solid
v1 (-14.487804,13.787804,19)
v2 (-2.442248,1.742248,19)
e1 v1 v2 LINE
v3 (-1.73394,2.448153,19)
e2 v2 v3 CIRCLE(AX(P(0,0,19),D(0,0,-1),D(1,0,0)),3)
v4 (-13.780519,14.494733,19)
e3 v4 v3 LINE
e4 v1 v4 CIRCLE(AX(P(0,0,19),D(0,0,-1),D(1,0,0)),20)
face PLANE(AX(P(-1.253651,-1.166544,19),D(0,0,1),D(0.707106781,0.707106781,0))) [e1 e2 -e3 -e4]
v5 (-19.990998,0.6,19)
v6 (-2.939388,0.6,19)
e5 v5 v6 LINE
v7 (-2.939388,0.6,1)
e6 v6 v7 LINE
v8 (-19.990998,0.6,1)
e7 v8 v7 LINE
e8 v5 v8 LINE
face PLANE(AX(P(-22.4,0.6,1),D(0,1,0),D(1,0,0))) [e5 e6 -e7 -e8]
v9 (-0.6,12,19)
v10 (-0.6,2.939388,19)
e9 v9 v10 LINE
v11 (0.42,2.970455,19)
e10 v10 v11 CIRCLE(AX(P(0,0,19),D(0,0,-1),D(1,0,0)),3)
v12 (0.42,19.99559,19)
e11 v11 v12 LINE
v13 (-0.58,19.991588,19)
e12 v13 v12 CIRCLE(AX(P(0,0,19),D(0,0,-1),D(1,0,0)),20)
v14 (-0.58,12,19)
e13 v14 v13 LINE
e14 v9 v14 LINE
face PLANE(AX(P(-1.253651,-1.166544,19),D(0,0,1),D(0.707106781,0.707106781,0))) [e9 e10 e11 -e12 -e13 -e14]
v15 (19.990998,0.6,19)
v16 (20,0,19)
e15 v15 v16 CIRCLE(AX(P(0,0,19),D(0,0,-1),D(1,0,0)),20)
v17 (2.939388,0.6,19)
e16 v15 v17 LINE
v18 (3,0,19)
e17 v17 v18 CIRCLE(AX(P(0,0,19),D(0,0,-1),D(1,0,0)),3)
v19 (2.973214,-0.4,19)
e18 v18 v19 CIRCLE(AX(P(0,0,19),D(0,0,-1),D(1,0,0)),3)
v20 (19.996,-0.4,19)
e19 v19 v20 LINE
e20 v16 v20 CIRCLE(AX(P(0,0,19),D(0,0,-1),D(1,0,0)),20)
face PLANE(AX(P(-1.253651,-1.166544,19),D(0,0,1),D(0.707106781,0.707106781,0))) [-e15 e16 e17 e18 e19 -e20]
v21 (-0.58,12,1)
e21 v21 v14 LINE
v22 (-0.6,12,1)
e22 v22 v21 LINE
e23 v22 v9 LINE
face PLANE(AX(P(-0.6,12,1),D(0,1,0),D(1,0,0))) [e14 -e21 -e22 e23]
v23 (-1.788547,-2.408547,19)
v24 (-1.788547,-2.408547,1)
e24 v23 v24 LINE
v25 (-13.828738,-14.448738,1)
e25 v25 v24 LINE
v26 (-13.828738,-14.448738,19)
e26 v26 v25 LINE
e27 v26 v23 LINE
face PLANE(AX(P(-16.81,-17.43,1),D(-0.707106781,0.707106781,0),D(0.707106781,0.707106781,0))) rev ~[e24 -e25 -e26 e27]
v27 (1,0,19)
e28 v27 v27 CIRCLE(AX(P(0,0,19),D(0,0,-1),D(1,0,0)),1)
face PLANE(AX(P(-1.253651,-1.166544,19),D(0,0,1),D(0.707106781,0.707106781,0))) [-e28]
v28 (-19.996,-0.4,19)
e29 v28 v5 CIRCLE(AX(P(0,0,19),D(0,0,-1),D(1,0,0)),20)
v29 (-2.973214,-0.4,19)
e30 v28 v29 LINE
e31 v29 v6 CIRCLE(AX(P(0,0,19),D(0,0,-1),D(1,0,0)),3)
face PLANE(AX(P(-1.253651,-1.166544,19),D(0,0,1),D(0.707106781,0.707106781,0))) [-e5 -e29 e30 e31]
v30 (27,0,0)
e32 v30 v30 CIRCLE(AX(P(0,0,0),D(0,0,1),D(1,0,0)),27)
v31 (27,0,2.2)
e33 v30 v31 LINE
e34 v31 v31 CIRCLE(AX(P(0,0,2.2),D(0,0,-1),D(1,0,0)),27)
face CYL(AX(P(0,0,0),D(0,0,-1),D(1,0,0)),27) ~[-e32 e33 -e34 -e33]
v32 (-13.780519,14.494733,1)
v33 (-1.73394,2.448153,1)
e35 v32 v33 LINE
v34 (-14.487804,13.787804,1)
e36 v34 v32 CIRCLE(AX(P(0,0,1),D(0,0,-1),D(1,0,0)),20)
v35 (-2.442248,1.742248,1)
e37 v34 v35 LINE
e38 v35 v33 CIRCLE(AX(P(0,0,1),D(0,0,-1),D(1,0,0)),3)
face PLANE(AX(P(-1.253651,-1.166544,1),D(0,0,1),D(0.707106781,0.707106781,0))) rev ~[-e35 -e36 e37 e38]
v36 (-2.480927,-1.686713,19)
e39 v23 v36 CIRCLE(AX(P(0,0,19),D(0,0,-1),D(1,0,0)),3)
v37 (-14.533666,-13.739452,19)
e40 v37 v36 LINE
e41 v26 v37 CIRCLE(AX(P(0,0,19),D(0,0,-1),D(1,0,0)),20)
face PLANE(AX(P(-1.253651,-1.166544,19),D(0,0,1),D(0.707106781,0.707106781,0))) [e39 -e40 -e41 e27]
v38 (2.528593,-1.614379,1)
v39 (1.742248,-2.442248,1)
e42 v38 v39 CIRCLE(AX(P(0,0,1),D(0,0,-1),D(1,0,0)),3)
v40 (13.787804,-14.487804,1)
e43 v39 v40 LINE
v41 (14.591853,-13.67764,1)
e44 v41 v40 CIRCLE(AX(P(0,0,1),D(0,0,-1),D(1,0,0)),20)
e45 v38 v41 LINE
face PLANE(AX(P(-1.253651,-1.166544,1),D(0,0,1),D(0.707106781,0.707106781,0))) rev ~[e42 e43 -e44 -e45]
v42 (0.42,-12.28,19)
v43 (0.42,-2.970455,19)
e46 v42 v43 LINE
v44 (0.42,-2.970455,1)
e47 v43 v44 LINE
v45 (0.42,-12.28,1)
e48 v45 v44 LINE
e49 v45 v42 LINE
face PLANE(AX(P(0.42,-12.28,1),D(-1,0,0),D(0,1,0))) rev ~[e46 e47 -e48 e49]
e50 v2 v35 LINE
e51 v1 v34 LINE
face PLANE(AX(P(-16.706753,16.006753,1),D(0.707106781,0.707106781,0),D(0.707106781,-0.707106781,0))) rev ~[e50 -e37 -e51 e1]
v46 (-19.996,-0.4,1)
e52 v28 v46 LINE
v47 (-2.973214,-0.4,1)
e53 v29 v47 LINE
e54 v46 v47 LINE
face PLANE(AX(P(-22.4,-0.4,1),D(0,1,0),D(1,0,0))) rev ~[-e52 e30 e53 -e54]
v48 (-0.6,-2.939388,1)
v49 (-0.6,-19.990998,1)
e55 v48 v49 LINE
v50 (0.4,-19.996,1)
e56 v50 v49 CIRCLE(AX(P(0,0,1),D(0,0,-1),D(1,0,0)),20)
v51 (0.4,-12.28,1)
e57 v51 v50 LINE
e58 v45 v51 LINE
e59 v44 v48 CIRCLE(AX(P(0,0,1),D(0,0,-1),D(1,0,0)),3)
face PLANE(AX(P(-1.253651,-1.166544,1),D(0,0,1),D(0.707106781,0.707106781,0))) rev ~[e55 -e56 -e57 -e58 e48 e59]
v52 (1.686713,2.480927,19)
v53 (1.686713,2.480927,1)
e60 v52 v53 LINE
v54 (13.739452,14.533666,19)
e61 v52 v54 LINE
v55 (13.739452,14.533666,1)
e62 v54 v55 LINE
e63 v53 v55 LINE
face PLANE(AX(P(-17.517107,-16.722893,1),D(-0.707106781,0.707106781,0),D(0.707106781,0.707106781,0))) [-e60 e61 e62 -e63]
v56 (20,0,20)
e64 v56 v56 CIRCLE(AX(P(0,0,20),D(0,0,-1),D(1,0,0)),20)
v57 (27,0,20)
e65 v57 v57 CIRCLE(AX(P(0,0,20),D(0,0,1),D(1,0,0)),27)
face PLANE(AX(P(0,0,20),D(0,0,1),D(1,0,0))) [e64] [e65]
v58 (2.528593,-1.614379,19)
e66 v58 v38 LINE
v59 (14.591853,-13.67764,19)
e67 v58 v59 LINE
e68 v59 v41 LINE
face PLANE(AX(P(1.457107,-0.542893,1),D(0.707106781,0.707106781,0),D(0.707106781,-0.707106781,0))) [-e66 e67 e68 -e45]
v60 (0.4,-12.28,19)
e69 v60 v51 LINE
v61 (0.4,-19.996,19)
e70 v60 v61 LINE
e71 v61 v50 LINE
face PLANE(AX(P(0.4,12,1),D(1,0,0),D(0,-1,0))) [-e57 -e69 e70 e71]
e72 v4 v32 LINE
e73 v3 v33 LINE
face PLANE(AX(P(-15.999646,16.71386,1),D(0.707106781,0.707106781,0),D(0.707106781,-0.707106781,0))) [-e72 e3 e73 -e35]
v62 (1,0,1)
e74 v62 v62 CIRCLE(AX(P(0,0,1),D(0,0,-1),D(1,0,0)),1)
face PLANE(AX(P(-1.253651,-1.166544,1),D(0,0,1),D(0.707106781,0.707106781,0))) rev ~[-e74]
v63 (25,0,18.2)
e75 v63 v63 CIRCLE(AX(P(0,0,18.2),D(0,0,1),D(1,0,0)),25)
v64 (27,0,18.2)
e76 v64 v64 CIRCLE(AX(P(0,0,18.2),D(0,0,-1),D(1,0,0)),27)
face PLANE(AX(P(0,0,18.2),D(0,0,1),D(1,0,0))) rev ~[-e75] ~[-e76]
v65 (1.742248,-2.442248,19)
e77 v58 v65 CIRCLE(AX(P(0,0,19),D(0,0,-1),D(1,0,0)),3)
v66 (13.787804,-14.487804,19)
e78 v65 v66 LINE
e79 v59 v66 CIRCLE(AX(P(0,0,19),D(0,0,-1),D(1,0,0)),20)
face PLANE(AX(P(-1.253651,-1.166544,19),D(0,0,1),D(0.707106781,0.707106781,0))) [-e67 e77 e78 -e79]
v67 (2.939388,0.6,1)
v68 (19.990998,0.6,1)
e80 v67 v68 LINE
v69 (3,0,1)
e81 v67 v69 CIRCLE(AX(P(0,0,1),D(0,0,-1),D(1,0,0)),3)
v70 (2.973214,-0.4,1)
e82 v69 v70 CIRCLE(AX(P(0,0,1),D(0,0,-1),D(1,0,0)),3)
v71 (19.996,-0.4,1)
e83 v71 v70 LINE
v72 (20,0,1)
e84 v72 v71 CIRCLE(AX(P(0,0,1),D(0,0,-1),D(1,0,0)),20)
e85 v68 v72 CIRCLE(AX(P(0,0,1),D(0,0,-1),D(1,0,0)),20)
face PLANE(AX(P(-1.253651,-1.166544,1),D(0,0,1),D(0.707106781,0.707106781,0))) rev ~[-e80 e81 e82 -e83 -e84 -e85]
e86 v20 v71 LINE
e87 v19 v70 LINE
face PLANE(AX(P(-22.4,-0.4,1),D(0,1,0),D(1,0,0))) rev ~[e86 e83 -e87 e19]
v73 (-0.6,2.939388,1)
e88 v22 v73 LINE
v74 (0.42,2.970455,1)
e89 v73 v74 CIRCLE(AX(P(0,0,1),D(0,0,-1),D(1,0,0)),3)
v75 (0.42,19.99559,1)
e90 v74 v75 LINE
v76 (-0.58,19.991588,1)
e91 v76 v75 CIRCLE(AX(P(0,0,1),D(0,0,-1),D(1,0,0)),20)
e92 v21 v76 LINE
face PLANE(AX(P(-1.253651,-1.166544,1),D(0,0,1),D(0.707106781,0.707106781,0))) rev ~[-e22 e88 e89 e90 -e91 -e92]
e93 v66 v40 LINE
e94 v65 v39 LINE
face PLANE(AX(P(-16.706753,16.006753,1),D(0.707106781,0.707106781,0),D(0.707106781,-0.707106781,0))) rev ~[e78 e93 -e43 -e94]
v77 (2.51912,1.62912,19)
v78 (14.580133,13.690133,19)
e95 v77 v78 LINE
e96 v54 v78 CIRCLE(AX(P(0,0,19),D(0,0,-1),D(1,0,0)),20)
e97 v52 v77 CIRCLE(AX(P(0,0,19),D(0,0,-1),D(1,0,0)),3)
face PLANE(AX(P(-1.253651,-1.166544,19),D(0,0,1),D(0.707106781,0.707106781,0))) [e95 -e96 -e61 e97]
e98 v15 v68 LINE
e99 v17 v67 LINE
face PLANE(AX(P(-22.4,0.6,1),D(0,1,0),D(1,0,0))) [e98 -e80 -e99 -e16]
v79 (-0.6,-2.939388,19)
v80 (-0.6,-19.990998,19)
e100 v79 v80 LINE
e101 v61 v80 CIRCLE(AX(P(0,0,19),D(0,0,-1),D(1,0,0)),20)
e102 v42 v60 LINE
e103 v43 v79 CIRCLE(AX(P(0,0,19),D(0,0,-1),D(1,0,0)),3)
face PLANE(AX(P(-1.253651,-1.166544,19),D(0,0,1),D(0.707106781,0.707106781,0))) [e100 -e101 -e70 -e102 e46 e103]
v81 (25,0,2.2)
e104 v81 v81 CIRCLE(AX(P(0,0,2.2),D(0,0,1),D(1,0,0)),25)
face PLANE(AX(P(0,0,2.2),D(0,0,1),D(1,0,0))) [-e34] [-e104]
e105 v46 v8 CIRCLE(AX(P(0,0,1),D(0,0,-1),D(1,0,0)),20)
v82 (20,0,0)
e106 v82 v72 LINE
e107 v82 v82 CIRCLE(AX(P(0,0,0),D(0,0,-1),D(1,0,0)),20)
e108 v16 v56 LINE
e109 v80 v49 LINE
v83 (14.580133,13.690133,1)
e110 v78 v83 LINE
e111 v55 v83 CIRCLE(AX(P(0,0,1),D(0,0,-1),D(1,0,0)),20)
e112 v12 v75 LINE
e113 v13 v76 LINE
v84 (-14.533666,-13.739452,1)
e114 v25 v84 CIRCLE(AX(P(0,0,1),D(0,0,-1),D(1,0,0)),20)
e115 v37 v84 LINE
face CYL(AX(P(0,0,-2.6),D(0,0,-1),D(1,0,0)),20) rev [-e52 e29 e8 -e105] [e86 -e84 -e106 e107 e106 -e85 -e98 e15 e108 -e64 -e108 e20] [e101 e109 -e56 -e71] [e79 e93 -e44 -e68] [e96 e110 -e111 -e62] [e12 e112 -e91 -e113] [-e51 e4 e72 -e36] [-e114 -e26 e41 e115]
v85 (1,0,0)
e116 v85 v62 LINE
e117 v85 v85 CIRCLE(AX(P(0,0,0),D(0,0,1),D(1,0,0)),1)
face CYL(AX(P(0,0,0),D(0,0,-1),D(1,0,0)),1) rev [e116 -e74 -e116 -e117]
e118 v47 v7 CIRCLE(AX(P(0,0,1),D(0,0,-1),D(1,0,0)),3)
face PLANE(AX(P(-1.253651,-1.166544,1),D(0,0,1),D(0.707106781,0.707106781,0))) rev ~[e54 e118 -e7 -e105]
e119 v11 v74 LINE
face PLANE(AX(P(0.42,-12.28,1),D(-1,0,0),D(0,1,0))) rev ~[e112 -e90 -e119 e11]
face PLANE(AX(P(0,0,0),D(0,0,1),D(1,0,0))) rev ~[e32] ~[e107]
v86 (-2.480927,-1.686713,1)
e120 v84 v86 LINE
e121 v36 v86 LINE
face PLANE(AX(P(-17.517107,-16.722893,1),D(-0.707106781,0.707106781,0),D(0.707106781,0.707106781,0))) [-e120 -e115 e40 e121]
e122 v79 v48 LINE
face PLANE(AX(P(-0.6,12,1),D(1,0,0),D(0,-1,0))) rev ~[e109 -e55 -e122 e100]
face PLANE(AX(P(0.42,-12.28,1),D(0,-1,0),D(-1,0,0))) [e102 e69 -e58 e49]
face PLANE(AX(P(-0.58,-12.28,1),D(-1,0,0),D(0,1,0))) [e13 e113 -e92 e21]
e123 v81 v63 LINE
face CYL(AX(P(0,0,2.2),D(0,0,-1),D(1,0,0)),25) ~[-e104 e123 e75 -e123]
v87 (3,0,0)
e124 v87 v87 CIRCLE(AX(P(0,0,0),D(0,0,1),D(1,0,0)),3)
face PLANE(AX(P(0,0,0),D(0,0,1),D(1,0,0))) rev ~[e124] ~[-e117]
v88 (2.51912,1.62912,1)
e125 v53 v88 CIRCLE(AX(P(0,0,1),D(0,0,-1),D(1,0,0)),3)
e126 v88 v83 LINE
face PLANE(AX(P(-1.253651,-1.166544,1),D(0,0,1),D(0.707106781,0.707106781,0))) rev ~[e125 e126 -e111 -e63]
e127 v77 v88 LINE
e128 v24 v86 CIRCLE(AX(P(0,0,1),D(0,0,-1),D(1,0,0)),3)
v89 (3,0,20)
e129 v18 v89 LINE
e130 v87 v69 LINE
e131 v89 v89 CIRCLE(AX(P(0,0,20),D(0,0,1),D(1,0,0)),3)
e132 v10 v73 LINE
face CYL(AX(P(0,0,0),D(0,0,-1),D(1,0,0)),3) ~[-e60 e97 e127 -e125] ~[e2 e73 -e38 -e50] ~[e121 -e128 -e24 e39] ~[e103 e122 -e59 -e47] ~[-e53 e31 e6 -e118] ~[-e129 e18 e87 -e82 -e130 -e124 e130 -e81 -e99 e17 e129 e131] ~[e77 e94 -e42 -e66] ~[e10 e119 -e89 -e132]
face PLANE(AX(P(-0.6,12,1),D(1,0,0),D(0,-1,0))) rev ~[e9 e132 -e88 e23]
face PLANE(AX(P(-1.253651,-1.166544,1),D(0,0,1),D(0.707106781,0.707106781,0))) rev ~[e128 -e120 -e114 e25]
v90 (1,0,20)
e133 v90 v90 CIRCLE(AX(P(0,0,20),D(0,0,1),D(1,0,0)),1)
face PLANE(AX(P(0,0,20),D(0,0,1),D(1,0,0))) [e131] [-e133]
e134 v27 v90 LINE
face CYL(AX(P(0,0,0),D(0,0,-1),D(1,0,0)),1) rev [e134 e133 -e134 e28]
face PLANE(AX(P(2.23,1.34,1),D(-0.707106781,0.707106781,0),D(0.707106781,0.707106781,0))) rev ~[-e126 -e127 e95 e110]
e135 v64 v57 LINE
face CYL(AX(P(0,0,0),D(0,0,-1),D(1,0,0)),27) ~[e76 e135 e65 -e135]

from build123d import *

# Parameters (mm, degrees)
BOX006_W               = 35
BOX006_H               = 1
BOX006_DEPTH           = 18
BOX005_W               = 20
BOX005_H               = 1
BOX005_DEPTH           = 18
BOX004_W               = 45
BOX004_H               = 1
BOX004_DEPTH           = 18
BOX003_W               = 20
BOX003_H               = 1
BOX003_DEPTH           = 18
BOX003_PLACEMENT_ANGLE = 45
BOX002_W               = 35
BOX002_H               = 1
BOX002_DEPTH           = 18
BOX001_W               = 45
BOX001_H               = 1
BOX001_DEPTH           = 18
BOX001_PLACEMENT_ANGLE = 45
BOX_W                  = 20
BOX_H                  = 1
BOX_DEPTH              = 18
BOX_PLACEMENT_ANGLE    = 45
TUBE003_R              = 3
TUBE003_R_2            = 1
TUBE003_DEPTH          = 20
BOX007_W               = 45
BOX007_H               = 1
BOX007_DEPTH           = 18
BOX007_PLACEMENT_ANGLE = 45
TUBE002_R              = 20
TUBE002_R_2            = 2
TUBE002_DEPTH          = 25
TUBE001_R              = 40
TUBE001_R_2            = 25
TUBE001_DEPTH          = 16
TUBE_R                 = 27
TUBE_R_2               = 15
TUBE_DEPTH             = 20


with BuildPart() as cubo006:
    # Box006 → Box006 (new body)
    with BuildSketch(Plane(origin=(-0.6, 12, 1), x_dir=(0, -1, 0), z_dir=(0, 0, 1))):
        with Locations((17.5, 0.5)):
            Rectangle(BOX006_W, BOX006_H)
    extrude(amount=BOX006_DEPTH)


with BuildPart() as cubo005:
    # Box005 → Box005 (new body)
    with BuildSketch(Plane(origin=(1.8, -0.4, 1), x_dir=(1, 0, 0), z_dir=(0, 0, 1))):
        with Locations((10, 0.5)):
            Rectangle(BOX005_W, BOX005_H)
    extrude(amount=BOX005_DEPTH)


with BuildPart() as cubo004:
    # Box004 → Box004 (new body)
    with BuildSketch(Plane(origin=(-22.4, -0.4, 1), x_dir=(1, 0, 0), z_dir=(0, 0, 1))):
        with Locations((22.5, 0.5)):
            Rectangle(BOX004_W, BOX004_H)
    extrude(amount=BOX004_DEPTH)


with BuildPart() as cubo003:
    # Box003 → Box003 (new body)
    with BuildSketch(Plane.XY):
        with Locations((10, 0.5)):
            Rectangle(BOX003_W, BOX003_H)
    extrude(amount=BOX003_DEPTH)


with BuildPart() as cubo003_1:
    # Box003 placement: moved
    add(cubo003.part.moved(Location((2.23, 1.34, 1))).rotate(Axis((2.23, 1.34, 1), (0, 0, 1)), BOX003_PLACEMENT_ANGLE))


with BuildPart() as cubo002:
    # Box002 → Box002 (new body)
    with BuildSketch(Plane(origin=(0.42, -12.28, 1), x_dir=(0, 1, 0), z_dir=(0, 0, 1))):
        with Locations((17.5, 0.5)):
            Rectangle(BOX002_W, BOX002_H)
    extrude(amount=BOX002_DEPTH)


with BuildPart() as cubo001:
    # Box001 → Box001 (new body)
    with BuildSketch(Plane.XY):
        with Locations((22.5, 0.5)):
            Rectangle(BOX001_W, BOX001_H)
    extrude(amount=BOX001_DEPTH)


with BuildPart() as cubo001_1:
    # Box001 placement: moved
    add(cubo001.part.moved(Location((-16.81, -17.43, 1))).rotate(Axis((-16.81, -17.43, 1), (0, 0, 1)), BOX001_PLACEMENT_ANGLE))


with BuildPart() as cubo:
    # Box → Box (new body)
    with BuildSketch(Plane.XY):
        with Locations((10, 0.5)):
            Rectangle(BOX_W, BOX_H)
    extrude(amount=BOX_DEPTH)


with BuildPart() as cubo_1:
    # Box placement: moved
    add(cubo.part.moved(Location((0.75, -1.25, 1))).rotate(Axis((0.75, -1.25, 1), (0, 0, -1)), BOX_PLACEMENT_ANGLE))


with BuildPart() as tube003:
    # Tube003 → Tube003 (new body)
    with BuildSketch(Plane.XY):
        Circle(TUBE003_R)
        Circle(TUBE003_R_2, mode=Mode.SUBTRACT)
    extrude(amount=TUBE003_DEPTH)


with BuildPart() as fusion:
    # Box007 → Box007 (new body)
    with BuildSketch(Plane.XY):
        with Locations((22.5, 0.5)):
            Rectangle(BOX007_W, BOX007_H)
    extrude(amount=BOX007_DEPTH)


with BuildPart() as fusion_1:
    # Box007 placement: moved
    add(fusion.part.moved(Location((-16.706753, 16.006753, 1))).rotate(Axis((-16.706753, 16.006753, 1), (0, 0, -1)), BOX007_PLACEMENT_ANGLE))

    # Fusion: union Cubo006, Cubo005, Cubo004, Cubo003, Cubo002, Cubo001, Cubo, Tube003
    add(cubo006.part)
    add(cubo005.part)
    add(cubo004.part)
    add(cubo003_1.part)
    add(cubo002.part)
    add(cubo001_1.part)
    add(cubo_1.part)
    add(tube003.part)


with BuildPart() as tube002:
    # Tube002 → Tube002 (new body)
    with BuildSketch(Plane.XY.offset(-2.6)):
        Circle(TUBE002_R)
        Circle(TUBE002_R_2, mode=Mode.SUBTRACT)
    extrude(amount=TUBE002_DEPTH)


with BuildPart() as tube001:
    # Tube001 → Tube001 (new body)
    with BuildSketch(Plane.XY.offset(2.2)):
        Circle(TUBE001_R)
        Circle(TUBE001_R_2, mode=Mode.SUBTRACT)
    extrude(amount=TUBE001_DEPTH)


with BuildPart() as fusion001:
    # Tube → Tube (new body)
    with BuildSketch(Plane.XY):
        Circle(TUBE_R)
        Circle(TUBE_R_2, mode=Mode.SUBTRACT)
    extrude(amount=TUBE_DEPTH)

    # Cut: cut Tube001
    add(tube001.part, mode=Mode.SUBTRACT)

    # Cut001: cut Tube002
    add(tube002.part, mode=Mode.SUBTRACT)

    # Fusion001: union Fusion
    add(fusion_1.part)


solid = fusion001.part
